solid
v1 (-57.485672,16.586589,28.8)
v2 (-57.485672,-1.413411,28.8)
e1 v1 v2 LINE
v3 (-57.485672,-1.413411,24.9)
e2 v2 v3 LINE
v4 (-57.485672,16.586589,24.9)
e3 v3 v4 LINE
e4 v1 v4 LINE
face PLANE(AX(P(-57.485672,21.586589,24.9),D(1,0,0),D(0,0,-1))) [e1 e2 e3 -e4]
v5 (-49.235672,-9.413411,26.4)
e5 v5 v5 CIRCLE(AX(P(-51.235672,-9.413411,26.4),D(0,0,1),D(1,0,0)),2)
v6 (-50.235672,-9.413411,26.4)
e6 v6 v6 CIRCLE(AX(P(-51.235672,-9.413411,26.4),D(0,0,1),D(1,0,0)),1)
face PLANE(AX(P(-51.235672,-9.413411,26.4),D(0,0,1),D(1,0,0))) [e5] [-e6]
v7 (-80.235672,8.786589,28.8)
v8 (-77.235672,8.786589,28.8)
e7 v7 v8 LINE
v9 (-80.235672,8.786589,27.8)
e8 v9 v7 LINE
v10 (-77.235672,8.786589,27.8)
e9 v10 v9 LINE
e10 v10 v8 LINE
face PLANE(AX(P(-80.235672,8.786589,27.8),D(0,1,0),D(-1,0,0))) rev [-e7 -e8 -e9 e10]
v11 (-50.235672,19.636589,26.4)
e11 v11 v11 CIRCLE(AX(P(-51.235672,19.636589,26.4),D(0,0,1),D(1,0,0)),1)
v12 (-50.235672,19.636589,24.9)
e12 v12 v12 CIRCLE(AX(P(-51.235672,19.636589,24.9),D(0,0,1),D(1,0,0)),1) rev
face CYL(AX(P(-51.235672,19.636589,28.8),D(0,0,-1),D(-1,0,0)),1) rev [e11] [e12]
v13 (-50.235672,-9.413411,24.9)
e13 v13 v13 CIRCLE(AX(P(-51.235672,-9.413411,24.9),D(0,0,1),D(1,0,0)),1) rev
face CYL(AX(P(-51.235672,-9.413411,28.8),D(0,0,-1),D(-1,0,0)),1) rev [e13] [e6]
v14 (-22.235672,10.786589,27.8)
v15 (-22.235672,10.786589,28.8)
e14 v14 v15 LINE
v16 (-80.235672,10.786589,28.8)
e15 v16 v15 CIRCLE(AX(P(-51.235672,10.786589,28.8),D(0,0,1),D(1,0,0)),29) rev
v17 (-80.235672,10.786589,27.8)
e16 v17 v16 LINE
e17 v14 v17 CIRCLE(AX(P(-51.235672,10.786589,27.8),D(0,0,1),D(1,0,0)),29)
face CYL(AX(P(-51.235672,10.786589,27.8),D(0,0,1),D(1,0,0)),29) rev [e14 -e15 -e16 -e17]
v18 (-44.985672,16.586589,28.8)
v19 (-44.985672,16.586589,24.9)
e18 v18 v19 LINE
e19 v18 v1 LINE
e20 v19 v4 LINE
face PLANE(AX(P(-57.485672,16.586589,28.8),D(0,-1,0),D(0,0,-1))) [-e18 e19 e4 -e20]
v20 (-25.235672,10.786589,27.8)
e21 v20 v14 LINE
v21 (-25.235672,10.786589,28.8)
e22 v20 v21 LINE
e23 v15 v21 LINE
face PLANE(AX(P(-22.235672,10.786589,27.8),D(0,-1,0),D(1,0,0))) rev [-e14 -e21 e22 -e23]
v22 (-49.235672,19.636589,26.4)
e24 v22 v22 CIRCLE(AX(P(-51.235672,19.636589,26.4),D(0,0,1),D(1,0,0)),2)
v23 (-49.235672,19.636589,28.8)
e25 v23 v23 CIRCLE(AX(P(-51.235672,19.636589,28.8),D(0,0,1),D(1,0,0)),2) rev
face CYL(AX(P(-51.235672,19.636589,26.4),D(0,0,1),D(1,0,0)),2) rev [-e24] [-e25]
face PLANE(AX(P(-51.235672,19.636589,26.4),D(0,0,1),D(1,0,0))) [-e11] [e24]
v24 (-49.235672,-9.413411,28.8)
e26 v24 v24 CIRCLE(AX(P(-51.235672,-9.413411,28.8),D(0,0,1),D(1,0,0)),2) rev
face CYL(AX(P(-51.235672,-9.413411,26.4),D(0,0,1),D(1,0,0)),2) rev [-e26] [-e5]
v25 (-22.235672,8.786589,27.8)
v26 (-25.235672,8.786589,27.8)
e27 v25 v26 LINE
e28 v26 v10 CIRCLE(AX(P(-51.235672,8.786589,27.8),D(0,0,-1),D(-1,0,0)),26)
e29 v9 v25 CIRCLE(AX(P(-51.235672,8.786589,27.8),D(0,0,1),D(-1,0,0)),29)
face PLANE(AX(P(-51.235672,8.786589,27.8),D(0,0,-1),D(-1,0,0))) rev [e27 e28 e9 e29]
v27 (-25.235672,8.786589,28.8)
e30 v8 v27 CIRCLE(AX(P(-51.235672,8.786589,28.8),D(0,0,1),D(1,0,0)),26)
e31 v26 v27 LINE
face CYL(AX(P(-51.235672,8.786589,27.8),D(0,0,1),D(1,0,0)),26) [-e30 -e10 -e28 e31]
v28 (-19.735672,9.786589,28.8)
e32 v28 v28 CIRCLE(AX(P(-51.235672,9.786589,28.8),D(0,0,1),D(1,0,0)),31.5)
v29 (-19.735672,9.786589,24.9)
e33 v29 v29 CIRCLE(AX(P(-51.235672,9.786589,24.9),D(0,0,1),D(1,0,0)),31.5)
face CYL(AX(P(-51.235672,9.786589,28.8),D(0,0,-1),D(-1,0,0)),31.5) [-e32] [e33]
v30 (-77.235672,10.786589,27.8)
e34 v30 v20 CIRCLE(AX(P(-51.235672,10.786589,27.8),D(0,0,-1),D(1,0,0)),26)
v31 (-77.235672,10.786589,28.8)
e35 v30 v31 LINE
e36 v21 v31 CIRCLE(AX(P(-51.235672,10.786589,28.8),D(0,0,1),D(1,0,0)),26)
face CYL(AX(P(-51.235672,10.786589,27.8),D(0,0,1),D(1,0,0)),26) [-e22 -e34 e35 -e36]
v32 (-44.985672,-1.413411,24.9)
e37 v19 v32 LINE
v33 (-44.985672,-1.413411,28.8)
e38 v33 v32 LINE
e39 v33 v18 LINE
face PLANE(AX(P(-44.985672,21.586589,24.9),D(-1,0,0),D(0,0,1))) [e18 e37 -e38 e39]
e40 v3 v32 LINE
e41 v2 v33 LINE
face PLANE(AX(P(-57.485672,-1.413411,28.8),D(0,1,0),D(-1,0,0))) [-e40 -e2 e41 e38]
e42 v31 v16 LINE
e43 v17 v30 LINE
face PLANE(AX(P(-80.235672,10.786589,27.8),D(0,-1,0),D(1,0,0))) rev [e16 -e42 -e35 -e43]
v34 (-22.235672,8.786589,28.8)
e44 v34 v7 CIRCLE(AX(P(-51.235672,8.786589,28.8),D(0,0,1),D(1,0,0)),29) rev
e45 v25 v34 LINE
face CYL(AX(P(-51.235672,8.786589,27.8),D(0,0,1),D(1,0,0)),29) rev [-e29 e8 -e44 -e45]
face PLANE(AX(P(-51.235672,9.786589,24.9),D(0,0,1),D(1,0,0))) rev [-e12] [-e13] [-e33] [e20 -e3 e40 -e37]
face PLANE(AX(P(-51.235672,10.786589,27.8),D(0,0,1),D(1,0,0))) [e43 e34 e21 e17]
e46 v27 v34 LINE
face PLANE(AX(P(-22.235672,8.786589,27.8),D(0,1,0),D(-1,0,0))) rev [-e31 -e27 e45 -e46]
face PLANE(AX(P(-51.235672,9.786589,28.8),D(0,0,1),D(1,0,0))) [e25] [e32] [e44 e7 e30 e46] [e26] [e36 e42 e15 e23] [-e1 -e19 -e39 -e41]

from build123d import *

# Parameters (mm, degrees)
CROQUIS1_R              = 31.5
SALIENTE_EXTRUIR1_DEPTH = 2.4
CROQUIS2_W              = 16.1
CROQUIS2_H              = 36.6
CROQUIS2_W_2            = 12.5
CROQUIS2_H_2            = 33
SALIENTE_EXTRUIR2_DEPTH = 22.5
CROQUIS5_W              = 16.1
CROQUIS5_H              = 36.6
CORTAR_EXTRUIR2_DEPTH   = 9
CROQUIS6_R              = 1.5
CORTAR_EXTRUIR3_DEPTH   = 2.4
CROQUIS7_W              = 12.5
CROQUIS7_H              = 9
SALIENTE_EXTRUIR3_DEPTH = 33
CROQUIS8_R              = 1
CORTAR_EXTRUIR5_DEPTH   = 9
SALIENTE_EXTRUIR4_DEPTH = 12.5
CROQUIS10_W             = 4
CROQUIS10_H             = 2
CORTAR_EXTRUIR6_DEPTH   = 9
CROQUIS11_R             = 31.5
CROQUIS11_W             = 12.5
CROQUIS11_H             = 18
SALIENTE_EXTRUIR5_DEPTH = 3.9
CORTAR_EXTRUIR7_START   = 7
CROQUIS12_R             = 1
CORTAR_EXTRUIR7_DEPTH   = 3.9
CROQUIS13_R             = 2
CORTAR_EXTRUIR8_DEPTH   = 2.4
CROQUIS14_R             = 31.5
CORTAR_EXTRUIR9_DEPTH   = 24.9
CROQUIS15_R             = 31.5
CROQUIS15_R_2           = 2
CROQUIS15_W             = 12.5
CROQUIS15_H             = 18
SALIENTE_EXTRUIR6_DEPTH = 1
CORTAR_EXTRUIR10_DEPTH  = 2
CROQUIS17_R             = 31.5
CORTAR_EXTRUIR11_DEPTH  = 1


with BuildPart() as part:
    # Croquis1 → Saliente-Extruir1 (new body)
    with BuildSketch(Plane.XY):
        with Locations((-51.235671923, 9.786589019)):
            Circle(CROQUIS1_R)
    extrude(amount=SALIENTE_EXTRUIR1_DEPTH)

    # Croquis2 → Saliente-Extruir2 (add)
    with BuildSketch(Plane.XY.offset(2.4)):
        with Locations((-51.235671923, 5.086589019)):
            Rectangle(CROQUIS2_W, CROQUIS2_H)
        with Locations((-51.235671923, 5.086589019)):
            Rectangle(CROQUIS2_W_2, CROQUIS2_H_2, mode=Mode.SUBTRACT)
    extrude(amount=SALIENTE_EXTRUIR2_DEPTH)

    # Croquis5 → Cortar-Extruir2 (cut)
    with BuildSketch(Plane.XY.offset(2.4)):
        with Locations((-51.235671923, 5.086589019)):
            Rectangle(CROQUIS5_W, CROQUIS5_H)
    extrude(amount=-CORTAR_EXTRUIR2_DEPTH, mode=Mode.SUBTRACT)


with BuildPart() as cortar_extruir2_piece_1:
    # of the separate pieces the step leaves, piece 1, a body of its own (cortar_extruir2_pieces)
    add(part.part.solids().sort_by_distance((-19.735671923, 9.786589019, 0))[0])

    # Croquis6 → Cortar-Extruir3 (cut)
    with BuildSketch(Plane(origin=(0, 0, 0), x_dir=(-1, 0, 0), z_dir=(0, 0, -1))):
        with Locations((34.618662565, 26.403598377)):
            Circle(CROQUIS6_R)
        with Locations((67.85268128, 26.403598377)):
            Circle(CROQUIS6_R)
        with Locations((67.85268128, -6.830420339)):
            Circle(CROQUIS6_R)
        with Locations((34.618662565, -6.830420339)):
            Circle(CROQUIS6_R)
        Polygon((51.235671923, 23.386589019), (53.235671923, 23.386589019), (53.235671923, 43.386589019), (49.235671923, 43.386589019), (49.235671923, 23.386589019), align=None)
    extrude(amount=-CORTAR_EXTRUIR3_DEPTH, mode=Mode.SUBTRACT)


with BuildPart() as cortar_extruir2_piece_2:
    # of the separate pieces the step leaves, piece 2, a body of its own (cortar_extruir2_pieces)
    add(part.part.solids().sort_by_distance((-59.285671923, -13.213410981, 24.9))[0])

    # Croquis7 → Saliente-Extruir3 (add)
    with BuildSketch(Plane.XZ.offset(-21.586589019)):
        with Locations((-51.235671923, 13.4)):
            Rectangle(CROQUIS7_W, CROQUIS7_H)
    extrude(amount=SALIENTE_EXTRUIR3_DEPTH)

    # Croquis8 → Cortar-Extruir5 (cut)
    with BuildSketch(Plane.XY.offset(17.9)):
        with Locations((-51.235671923, -9.413410981)):
            Circle(CROQUIS8_R)
        with Locations((-51.235671923, 19.636589019)):
            Circle(CROQUIS8_R)
        Polygon((-44.985671923, -6.413410981), (-57.485671923, -6.413410981), (-57.485671923, 16.586589019), (-53.235671923, 16.586589019), (-53.235671923, 18.586589019), (-49.235671923, 18.586589019), (-49.235671923, 16.586589019), (-44.985671923, 16.586589019), align=None)
    extrude(amount=-CORTAR_EXTRUIR5_DEPTH, mode=Mode.SUBTRACT)

    # Croquis9 → Saliente-Extruir4 (add)
    with BuildSketch(Plane.ZY.offset(44.985671923)):
        Polygon((8.9, -6.413410981), (3.9, -11.413410981), (8.9, -11.413410981), align=None)
        Polygon((8.9, 16.586589019), (3.9, 21.586589019), (8.9, 21.586589019), align=None)
    extrude(amount=SALIENTE_EXTRUIR4_DEPTH)

    # Croquis10 → Cortar-Extruir6 (cut)
    with BuildSketch(Plane.XY.offset(8.9)):
        with Locations((-51.235671923, 17.586589019)):
            Rectangle(CROQUIS10_W, CROQUIS10_H)
    extrude(amount=-CORTAR_EXTRUIR6_DEPTH, mode=Mode.SUBTRACT)

    # Croquis11 → Saliente-Extruir5 (add)
    with BuildSketch(Plane.XY.offset(24.9)):
        with Locations((-51.235671923, 9.786589019)):
            Circle(CROQUIS11_R)
        with Locations((-51.235671923, 7.586589019)):
            Rectangle(CROQUIS11_W, CROQUIS11_H, mode=Mode.SUBTRACT)
    extrude(amount=SALIENTE_EXTRUIR5_DEPTH)

    # Croquis12 → Cortar-Extruir7 (cut)
    with BuildSketch(Plane.XY.offset(17.9).offset(CORTAR_EXTRUIR7_START)):
        with Locations((-51.235671923, 19.636589019)):
            Circle(CROQUIS12_R)
        with Locations((-51.235671923, -9.413410981)):
            Circle(CROQUIS12_R)
    extrude(amount=CORTAR_EXTRUIR7_DEPTH, mode=Mode.SUBTRACT)

    # Croquis13 → Cortar-Extruir8 (cut)
    with BuildSketch(Plane.XY.offset(28.8)):
        with Locations((-51.235671923, 19.636589019)):
            Circle(CROQUIS13_R)
        with Locations((-51.235671923, -9.413410981)):
            Circle(CROQUIS13_R)
    extrude(amount=-CORTAR_EXTRUIR8_DEPTH, mode=Mode.SUBTRACT)


with BuildPart() as cortar_extruir9_tool:
    # Croquis14 → Cortar-Extruir9 (new body)
    with BuildSketch(Plane(origin=(0, 0, 0), x_dir=(-1, 0, 0), z_dir=(0, 0, -1))):
        with Locations(Location((51.235671923, 9.786589019, 0), (0, 0, 180))):
            Circle(CROQUIS14_R)
    extrude(amount=-CORTAR_EXTRUIR9_DEPTH)


with BuildPart() as cortar_extruir2_piece_1_1:
    add(cortar_extruir2_piece_1.part)

    # Cortar-Extruir9: cut by cortar_extruir9_tool
    add(cortar_extruir9_tool.part, mode=Mode.SUBTRACT)


with BuildPart() as cortar_extruir2_piece_2_1:
    add(cortar_extruir2_piece_2.part)

    # Cortar-Extruir9: cut by cortar_extruir9_tool
    add(cortar_extruir9_tool.part, mode=Mode.SUBTRACT)

    # Croquis15 → Saliente-Extruir6 (add)
    with BuildSketch(Plane.XY.offset(28.8)):
        with Locations((-51.235671923, 9.786589019)):
            Circle(CROQUIS15_R)
        with Locations((-51.235671923, 19.636589019)):
            Circle(CROQUIS15_R_2, mode=Mode.SUBTRACT)
        with Locations((-51.235671923, -9.413410981)):
            Circle(CROQUIS15_R_2, mode=Mode.SUBTRACT)
        with Locations((-51.235671923, 7.586589019)):
            Rectangle(CROQUIS15_W, CROQUIS15_H, mode=Mode.SUBTRACT)
    extrude(amount=SALIENTE_EXTRUIR6_DEPTH)

    # Croquis16 → Cortar-Extruir10 (cut)
    with BuildSketch(Plane.XY.offset(29.8)):
        with BuildLine():
            Line((-22.235671923, 8.786589019), (-25.235671923, 8.786589019))
            ThreePointArc((-25.235671923, 8.786589019), (-51.235671923, -17.213410981), (-77.235671923, 8.786589019))
            Line((-77.235671923, 8.786589019), (-80.235671923, 8.786589019))
            ThreePointArc((-80.235671923, 8.786589019), (-51.235671923, -20.213410981), (-22.235671923, 8.786589019))
        make_face()
        with BuildLine():
            Line((-22.235671923, 10.786589019), (-25.235671923, 10.786589019))
            ThreePointArc((-25.235671923, 10.786589019), (-51.235671923, 36.786589019), (-77.235671923, 10.786589019))
            Line((-77.235671923, 10.786589019), (-80.235671923, 10.786589019))
            ThreePointArc((-80.235671923, 10.786589019), (-51.235671923, 39.786589019), (-22.235671923, 10.786589019))
        make_face()
    extrude(amount=-CORTAR_EXTRUIR10_DEPTH, mode=Mode.SUBTRACT)

    # Croquis17 → Cortar-Extruir11 (cut)
    with BuildSketch(Plane.XY.offset(29.8)):
        with Locations((-51.235671923, 9.786589019)):
            Circle(CROQUIS17_R)
    extrude(amount=-CORTAR_EXTRUIR11_DEPTH, mode=Mode.SUBTRACT)


solid = cortar_extruir2_piece_2_1.part
